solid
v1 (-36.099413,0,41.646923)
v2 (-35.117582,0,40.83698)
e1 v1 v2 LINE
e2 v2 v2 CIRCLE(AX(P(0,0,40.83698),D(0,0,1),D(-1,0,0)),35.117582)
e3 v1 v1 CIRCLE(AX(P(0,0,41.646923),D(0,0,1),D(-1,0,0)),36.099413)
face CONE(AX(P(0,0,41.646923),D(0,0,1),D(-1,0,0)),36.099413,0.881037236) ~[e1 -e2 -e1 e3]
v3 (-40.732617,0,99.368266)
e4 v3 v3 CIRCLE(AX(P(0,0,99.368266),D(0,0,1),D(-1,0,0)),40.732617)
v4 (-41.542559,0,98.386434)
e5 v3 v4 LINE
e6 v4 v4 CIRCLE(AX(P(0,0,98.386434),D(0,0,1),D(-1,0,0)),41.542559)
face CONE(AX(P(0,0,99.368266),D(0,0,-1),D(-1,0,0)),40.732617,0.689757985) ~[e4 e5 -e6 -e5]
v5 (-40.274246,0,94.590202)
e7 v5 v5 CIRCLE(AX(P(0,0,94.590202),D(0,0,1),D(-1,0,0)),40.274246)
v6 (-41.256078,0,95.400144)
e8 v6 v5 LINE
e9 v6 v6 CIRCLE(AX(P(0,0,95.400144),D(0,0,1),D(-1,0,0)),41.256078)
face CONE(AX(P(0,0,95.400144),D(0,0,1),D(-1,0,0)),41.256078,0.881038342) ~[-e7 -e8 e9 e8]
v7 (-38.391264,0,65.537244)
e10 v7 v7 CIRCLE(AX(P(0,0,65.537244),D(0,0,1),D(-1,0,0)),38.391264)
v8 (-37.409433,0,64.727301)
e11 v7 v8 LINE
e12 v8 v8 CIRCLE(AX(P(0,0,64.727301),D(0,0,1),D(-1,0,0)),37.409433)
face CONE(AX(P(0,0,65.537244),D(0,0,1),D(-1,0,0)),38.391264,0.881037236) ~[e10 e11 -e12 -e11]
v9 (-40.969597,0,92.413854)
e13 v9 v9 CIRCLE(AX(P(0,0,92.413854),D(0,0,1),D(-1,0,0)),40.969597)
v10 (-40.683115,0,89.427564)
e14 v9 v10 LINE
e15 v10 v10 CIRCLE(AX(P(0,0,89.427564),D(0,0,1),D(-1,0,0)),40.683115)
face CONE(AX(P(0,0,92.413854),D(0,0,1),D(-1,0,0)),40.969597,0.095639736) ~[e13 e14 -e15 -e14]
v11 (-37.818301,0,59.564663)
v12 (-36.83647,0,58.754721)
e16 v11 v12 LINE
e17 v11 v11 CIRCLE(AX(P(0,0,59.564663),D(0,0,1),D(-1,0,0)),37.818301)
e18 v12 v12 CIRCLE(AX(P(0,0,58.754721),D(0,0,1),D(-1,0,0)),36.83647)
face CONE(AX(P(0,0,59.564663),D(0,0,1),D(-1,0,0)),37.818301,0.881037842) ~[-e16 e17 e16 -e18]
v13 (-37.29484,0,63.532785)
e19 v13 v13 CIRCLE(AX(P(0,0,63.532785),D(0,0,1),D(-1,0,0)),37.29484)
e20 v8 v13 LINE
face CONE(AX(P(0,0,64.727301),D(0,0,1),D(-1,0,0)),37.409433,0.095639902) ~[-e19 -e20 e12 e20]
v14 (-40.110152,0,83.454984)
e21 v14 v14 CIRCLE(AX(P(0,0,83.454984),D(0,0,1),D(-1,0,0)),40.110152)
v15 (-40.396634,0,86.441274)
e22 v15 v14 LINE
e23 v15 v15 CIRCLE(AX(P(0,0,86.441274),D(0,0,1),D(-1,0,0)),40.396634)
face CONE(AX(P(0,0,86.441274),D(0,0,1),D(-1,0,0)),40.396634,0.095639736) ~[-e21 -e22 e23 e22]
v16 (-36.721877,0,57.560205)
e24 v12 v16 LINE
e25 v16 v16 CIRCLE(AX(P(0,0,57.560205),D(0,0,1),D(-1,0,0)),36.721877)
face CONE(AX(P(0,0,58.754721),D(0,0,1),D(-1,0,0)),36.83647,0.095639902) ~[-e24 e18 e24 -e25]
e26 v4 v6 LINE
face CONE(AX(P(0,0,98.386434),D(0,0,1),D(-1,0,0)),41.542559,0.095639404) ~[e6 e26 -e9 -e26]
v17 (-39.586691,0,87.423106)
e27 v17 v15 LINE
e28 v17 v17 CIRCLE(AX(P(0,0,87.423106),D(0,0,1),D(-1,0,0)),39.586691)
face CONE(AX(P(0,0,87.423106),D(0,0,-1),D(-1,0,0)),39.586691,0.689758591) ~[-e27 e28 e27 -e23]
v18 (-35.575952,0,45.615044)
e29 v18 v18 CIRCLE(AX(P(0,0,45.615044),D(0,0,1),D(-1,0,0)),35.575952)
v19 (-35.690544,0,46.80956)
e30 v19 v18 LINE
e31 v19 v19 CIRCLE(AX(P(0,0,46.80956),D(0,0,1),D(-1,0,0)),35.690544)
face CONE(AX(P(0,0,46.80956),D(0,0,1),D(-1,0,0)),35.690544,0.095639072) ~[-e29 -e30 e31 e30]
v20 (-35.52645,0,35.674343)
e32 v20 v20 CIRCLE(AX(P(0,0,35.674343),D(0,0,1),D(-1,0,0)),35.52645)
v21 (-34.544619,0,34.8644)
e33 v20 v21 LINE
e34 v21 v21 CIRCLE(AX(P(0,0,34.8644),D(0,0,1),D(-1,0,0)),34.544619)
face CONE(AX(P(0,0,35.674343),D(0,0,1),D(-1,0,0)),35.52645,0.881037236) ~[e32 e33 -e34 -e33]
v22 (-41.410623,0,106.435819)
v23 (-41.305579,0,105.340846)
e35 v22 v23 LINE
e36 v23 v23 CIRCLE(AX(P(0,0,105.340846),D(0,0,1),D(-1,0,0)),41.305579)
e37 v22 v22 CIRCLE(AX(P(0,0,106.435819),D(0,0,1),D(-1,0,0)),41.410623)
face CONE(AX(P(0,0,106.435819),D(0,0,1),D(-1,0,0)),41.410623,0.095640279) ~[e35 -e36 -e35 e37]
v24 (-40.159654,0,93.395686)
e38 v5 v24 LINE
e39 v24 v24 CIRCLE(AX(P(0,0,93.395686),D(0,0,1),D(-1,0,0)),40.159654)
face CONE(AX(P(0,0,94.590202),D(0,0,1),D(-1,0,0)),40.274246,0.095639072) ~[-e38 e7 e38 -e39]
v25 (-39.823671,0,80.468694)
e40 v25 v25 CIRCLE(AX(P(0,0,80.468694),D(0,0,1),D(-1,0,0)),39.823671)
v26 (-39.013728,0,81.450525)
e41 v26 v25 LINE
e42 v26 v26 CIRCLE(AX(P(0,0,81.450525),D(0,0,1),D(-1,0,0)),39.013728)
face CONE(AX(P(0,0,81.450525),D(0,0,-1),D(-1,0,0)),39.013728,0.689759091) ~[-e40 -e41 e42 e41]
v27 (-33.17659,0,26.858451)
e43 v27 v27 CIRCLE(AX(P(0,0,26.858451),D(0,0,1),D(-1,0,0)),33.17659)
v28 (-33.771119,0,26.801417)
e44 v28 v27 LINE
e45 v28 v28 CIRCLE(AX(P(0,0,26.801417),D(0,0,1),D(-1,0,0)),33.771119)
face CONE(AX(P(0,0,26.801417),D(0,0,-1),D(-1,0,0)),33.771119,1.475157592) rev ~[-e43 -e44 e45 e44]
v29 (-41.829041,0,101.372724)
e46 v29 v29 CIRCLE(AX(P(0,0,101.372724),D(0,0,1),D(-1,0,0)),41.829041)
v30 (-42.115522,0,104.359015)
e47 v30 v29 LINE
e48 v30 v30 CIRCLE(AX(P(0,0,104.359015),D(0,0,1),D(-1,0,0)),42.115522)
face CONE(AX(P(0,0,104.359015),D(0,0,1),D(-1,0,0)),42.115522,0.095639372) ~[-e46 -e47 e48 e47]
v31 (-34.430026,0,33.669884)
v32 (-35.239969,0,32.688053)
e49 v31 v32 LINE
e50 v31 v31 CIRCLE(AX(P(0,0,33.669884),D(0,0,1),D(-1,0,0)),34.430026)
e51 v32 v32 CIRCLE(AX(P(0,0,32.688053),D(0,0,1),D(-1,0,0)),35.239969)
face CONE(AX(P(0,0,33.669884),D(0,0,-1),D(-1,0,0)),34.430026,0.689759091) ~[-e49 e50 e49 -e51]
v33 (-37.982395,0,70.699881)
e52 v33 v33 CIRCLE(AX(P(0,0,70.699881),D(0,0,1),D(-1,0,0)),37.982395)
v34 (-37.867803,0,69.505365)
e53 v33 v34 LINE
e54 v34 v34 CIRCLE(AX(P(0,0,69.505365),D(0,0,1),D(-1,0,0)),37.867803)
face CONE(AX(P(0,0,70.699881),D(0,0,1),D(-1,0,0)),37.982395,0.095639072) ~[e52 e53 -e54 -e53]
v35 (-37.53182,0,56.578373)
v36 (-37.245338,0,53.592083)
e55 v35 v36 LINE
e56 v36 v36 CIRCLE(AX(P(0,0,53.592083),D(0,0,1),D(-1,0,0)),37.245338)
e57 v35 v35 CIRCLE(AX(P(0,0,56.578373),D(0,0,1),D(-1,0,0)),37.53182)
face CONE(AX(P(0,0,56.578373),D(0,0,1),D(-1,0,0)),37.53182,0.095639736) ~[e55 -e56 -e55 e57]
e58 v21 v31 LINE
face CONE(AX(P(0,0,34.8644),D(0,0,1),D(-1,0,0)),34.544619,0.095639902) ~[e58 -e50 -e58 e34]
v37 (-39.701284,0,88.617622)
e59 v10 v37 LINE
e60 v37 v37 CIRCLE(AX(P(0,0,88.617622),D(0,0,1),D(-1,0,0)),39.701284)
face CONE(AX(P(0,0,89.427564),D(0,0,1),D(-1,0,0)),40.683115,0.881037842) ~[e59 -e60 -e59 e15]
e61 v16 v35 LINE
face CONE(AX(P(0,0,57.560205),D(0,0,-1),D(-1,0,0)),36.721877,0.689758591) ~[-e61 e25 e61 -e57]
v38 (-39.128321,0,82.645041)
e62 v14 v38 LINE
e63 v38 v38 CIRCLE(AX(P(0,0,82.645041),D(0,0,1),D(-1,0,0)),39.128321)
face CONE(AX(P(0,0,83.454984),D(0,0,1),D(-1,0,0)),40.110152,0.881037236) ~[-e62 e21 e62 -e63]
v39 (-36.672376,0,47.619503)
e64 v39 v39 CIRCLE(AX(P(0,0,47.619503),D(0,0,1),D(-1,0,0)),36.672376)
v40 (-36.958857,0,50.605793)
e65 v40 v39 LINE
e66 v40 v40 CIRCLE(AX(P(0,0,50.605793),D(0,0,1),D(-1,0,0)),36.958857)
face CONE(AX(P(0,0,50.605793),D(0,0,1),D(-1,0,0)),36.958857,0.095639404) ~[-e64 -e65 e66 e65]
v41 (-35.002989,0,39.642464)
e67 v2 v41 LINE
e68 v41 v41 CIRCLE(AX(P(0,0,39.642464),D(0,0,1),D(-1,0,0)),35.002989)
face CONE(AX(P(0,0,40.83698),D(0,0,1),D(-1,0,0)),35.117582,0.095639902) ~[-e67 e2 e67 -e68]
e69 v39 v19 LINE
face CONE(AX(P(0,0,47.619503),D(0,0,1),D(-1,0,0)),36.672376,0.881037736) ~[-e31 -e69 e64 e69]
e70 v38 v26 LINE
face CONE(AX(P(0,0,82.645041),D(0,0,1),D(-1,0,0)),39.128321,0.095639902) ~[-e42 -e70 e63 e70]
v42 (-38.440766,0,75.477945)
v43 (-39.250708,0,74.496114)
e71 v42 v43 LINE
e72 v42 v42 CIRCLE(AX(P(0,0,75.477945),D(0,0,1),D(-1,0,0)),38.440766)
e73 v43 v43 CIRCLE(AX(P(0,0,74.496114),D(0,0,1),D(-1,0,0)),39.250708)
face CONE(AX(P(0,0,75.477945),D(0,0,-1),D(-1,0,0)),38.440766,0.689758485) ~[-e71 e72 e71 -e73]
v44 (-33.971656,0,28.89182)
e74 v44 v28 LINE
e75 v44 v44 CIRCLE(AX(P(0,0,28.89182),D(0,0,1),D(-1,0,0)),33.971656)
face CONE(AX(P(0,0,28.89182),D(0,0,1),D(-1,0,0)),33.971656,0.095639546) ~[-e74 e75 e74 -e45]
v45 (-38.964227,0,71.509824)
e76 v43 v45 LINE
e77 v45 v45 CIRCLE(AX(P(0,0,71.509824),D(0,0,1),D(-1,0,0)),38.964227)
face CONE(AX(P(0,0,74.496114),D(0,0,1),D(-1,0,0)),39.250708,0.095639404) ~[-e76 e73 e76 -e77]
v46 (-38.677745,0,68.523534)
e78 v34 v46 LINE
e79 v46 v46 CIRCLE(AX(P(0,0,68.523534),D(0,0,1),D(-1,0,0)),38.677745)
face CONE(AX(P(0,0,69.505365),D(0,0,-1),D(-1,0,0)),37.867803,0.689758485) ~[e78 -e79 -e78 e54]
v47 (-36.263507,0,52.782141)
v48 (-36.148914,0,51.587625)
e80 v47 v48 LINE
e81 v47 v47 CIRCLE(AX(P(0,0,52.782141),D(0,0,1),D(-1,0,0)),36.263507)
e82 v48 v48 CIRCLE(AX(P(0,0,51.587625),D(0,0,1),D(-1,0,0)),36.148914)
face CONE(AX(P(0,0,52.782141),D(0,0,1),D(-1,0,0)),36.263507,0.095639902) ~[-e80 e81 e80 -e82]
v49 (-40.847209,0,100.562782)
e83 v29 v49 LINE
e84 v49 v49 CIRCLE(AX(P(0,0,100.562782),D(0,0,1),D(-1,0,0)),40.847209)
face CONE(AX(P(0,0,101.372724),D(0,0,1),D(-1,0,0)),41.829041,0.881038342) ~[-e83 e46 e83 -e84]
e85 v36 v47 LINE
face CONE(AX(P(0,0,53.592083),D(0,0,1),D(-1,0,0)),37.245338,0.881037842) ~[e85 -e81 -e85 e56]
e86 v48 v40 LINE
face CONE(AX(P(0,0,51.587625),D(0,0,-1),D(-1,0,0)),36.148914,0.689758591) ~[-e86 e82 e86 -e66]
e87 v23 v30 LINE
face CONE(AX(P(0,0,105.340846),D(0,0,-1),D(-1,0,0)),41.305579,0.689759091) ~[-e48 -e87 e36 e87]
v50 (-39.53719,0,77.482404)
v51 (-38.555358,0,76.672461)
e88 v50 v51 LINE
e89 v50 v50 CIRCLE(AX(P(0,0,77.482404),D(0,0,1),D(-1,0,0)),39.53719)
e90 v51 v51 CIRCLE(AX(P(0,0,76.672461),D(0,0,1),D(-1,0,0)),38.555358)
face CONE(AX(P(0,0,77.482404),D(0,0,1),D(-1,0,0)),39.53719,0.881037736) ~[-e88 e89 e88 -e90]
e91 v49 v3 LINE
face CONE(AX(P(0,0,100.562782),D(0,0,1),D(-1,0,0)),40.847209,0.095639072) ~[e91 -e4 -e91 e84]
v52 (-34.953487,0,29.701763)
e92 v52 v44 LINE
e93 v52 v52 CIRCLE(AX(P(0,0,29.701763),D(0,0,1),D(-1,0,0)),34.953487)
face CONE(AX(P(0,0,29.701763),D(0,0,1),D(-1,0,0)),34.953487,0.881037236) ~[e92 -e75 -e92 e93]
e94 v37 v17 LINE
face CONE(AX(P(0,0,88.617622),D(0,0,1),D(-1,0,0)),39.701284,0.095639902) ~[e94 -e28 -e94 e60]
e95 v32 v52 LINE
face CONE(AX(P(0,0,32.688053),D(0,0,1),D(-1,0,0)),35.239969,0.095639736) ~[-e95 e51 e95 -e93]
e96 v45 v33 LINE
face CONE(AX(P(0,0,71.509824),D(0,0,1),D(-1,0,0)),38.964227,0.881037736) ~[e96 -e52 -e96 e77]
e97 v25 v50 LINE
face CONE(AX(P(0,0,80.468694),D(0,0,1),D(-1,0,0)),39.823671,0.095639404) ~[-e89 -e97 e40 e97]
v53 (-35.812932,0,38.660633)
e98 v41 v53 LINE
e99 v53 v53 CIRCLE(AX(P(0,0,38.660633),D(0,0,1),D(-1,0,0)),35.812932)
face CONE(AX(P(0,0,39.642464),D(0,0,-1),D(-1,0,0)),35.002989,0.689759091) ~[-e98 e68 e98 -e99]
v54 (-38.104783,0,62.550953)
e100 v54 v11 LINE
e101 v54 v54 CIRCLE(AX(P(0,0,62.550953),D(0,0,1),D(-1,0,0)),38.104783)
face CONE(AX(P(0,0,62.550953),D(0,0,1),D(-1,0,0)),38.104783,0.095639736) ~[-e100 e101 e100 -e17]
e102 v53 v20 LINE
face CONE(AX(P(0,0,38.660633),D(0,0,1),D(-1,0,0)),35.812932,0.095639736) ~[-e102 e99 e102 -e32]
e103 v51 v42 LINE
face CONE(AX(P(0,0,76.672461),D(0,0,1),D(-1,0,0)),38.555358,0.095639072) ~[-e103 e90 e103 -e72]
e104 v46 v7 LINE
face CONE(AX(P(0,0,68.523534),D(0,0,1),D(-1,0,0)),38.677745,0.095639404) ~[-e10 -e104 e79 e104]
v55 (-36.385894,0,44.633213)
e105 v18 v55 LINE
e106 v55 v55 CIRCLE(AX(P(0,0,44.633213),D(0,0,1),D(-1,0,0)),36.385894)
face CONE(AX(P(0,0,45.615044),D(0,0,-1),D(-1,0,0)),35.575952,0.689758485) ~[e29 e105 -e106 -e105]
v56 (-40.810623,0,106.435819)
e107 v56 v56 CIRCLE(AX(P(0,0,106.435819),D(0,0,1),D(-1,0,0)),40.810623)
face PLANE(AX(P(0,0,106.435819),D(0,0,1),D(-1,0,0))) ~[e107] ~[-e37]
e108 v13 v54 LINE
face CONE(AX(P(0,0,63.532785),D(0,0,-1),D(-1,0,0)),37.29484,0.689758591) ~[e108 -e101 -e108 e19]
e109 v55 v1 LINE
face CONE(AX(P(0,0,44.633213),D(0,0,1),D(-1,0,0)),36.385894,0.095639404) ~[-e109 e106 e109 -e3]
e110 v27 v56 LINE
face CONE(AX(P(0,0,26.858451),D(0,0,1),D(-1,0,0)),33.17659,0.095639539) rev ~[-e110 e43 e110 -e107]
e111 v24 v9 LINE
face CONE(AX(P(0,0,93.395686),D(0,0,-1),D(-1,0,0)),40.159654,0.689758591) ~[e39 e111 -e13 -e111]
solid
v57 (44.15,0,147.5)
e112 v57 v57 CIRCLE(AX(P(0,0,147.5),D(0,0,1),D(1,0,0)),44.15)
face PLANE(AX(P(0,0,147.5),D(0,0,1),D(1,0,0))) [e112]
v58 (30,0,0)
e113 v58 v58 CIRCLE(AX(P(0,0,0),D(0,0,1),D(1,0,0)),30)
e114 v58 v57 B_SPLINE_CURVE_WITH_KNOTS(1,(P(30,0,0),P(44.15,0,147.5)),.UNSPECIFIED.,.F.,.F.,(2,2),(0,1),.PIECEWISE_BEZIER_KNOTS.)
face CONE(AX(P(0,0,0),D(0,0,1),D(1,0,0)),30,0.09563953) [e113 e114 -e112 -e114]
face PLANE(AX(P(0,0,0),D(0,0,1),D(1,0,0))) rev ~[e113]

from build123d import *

# Parameters (mm, degrees)
F0_R = 30
F2_R = 44.15


with BuildPart() as f3:
    # F0 (on Top) → F3 section 0
    with BuildSketch(Plane.XY):
        Circle(F0_R)
    # F2 (on offset) → F3 section 1
    with BuildSketch(Plane.XY.offset(147.5)):
        Circle(F2_R)
    loft()


with BuildPart() as f5:
    # F4 (on Front) → F5 (revolve)
    with BuildSketch(Plane.XZ):
        Polygon((-33.17659, 26.858451), (-40.810623, 106.435819), (-41.410623, 106.435819), (-41.305579, 105.340846), (-40.847209, 100.562782), (-40.732617, 99.368266), (-40.274246, 94.590202), (-40.159654, 93.395686), (-39.701284, 88.617622), (-39.586691, 87.423106), (-39.128321, 82.645041), (-39.013728, 81.450525), (-38.555358, 76.672461), (-38.440766, 75.477945), (-37.982395, 70.699881), (-37.867803, 69.505365), (-37.409433, 64.727301), (-37.29484, 63.532785), (-36.83647, 58.754721), (-36.721877, 57.560205), (-36.263507, 52.782141), (-36.148914, 51.587625), (-35.690544, 46.80956), (-35.575952, 45.615044), (-35.117582, 40.83698), (-35.002989, 39.642464), (-34.544619, 34.8644), (-34.430026, 33.669884), (-33.971656, 28.89182), (-33.771119, 26.801417), align=None)
        Polygon((-40.847209, 100.562782), (-41.305579, 105.340846), (-42.115522, 104.359015), (-41.829041, 101.372724), align=None)
        Polygon((-34.953487, 29.701763), (-33.971656, 28.89182), (-34.430026, 33.669884), (-35.239969, 32.688053), align=None)
        Polygon((-40.274246, 94.590202), (-40.732617, 99.368266), (-41.542559, 98.386434), (-41.256078, 95.400144), align=None)
        Polygon((-35.52645, 35.674343), (-34.544619, 34.8644), (-35.002989, 39.642464), (-35.812932, 38.660633), align=None)
        Polygon((-39.701284, 88.617622), (-40.159654, 93.395686), (-40.969597, 92.413854), (-40.683115, 89.427564), align=None)
        Polygon((-36.099413, 41.646923), (-35.117582, 40.83698), (-35.575952, 45.615044), (-36.385894, 44.633213), align=None)
        Polygon((-39.128321, 82.645041), (-39.586691, 87.423106), (-40.396634, 86.441274), (-40.110152, 83.454984), align=None)
        Polygon((-36.672376, 47.619503), (-35.690544, 46.80956), (-36.148914, 51.587625), (-36.958857, 50.605793), align=None)
        Polygon((-38.555358, 76.672461), (-39.013728, 81.450525), (-39.823671, 80.468694), (-39.53719, 77.482404), align=None)
        Polygon((-37.245338, 53.592083), (-36.263507, 52.782141), (-36.721877, 57.560205), (-37.53182, 56.578373), align=None)
        Polygon((-37.982395, 70.699881), (-38.440766, 75.477945), (-39.250708, 74.496114), (-38.964227, 71.509824), align=None)
        Polygon((-37.818301, 59.564663), (-36.83647, 58.754721), (-37.29484, 63.532785), (-38.104783, 62.550953), align=None)
        Polygon((-37.409433, 64.727301), (-37.867803, 69.505365), (-38.677745, 68.523534), (-38.391264, 65.537244), align=None)
    revolve(axis=Axis((0, 0, 73.75), (0, 0, 1)))


solid = Compound([f3.part, f5.part])
